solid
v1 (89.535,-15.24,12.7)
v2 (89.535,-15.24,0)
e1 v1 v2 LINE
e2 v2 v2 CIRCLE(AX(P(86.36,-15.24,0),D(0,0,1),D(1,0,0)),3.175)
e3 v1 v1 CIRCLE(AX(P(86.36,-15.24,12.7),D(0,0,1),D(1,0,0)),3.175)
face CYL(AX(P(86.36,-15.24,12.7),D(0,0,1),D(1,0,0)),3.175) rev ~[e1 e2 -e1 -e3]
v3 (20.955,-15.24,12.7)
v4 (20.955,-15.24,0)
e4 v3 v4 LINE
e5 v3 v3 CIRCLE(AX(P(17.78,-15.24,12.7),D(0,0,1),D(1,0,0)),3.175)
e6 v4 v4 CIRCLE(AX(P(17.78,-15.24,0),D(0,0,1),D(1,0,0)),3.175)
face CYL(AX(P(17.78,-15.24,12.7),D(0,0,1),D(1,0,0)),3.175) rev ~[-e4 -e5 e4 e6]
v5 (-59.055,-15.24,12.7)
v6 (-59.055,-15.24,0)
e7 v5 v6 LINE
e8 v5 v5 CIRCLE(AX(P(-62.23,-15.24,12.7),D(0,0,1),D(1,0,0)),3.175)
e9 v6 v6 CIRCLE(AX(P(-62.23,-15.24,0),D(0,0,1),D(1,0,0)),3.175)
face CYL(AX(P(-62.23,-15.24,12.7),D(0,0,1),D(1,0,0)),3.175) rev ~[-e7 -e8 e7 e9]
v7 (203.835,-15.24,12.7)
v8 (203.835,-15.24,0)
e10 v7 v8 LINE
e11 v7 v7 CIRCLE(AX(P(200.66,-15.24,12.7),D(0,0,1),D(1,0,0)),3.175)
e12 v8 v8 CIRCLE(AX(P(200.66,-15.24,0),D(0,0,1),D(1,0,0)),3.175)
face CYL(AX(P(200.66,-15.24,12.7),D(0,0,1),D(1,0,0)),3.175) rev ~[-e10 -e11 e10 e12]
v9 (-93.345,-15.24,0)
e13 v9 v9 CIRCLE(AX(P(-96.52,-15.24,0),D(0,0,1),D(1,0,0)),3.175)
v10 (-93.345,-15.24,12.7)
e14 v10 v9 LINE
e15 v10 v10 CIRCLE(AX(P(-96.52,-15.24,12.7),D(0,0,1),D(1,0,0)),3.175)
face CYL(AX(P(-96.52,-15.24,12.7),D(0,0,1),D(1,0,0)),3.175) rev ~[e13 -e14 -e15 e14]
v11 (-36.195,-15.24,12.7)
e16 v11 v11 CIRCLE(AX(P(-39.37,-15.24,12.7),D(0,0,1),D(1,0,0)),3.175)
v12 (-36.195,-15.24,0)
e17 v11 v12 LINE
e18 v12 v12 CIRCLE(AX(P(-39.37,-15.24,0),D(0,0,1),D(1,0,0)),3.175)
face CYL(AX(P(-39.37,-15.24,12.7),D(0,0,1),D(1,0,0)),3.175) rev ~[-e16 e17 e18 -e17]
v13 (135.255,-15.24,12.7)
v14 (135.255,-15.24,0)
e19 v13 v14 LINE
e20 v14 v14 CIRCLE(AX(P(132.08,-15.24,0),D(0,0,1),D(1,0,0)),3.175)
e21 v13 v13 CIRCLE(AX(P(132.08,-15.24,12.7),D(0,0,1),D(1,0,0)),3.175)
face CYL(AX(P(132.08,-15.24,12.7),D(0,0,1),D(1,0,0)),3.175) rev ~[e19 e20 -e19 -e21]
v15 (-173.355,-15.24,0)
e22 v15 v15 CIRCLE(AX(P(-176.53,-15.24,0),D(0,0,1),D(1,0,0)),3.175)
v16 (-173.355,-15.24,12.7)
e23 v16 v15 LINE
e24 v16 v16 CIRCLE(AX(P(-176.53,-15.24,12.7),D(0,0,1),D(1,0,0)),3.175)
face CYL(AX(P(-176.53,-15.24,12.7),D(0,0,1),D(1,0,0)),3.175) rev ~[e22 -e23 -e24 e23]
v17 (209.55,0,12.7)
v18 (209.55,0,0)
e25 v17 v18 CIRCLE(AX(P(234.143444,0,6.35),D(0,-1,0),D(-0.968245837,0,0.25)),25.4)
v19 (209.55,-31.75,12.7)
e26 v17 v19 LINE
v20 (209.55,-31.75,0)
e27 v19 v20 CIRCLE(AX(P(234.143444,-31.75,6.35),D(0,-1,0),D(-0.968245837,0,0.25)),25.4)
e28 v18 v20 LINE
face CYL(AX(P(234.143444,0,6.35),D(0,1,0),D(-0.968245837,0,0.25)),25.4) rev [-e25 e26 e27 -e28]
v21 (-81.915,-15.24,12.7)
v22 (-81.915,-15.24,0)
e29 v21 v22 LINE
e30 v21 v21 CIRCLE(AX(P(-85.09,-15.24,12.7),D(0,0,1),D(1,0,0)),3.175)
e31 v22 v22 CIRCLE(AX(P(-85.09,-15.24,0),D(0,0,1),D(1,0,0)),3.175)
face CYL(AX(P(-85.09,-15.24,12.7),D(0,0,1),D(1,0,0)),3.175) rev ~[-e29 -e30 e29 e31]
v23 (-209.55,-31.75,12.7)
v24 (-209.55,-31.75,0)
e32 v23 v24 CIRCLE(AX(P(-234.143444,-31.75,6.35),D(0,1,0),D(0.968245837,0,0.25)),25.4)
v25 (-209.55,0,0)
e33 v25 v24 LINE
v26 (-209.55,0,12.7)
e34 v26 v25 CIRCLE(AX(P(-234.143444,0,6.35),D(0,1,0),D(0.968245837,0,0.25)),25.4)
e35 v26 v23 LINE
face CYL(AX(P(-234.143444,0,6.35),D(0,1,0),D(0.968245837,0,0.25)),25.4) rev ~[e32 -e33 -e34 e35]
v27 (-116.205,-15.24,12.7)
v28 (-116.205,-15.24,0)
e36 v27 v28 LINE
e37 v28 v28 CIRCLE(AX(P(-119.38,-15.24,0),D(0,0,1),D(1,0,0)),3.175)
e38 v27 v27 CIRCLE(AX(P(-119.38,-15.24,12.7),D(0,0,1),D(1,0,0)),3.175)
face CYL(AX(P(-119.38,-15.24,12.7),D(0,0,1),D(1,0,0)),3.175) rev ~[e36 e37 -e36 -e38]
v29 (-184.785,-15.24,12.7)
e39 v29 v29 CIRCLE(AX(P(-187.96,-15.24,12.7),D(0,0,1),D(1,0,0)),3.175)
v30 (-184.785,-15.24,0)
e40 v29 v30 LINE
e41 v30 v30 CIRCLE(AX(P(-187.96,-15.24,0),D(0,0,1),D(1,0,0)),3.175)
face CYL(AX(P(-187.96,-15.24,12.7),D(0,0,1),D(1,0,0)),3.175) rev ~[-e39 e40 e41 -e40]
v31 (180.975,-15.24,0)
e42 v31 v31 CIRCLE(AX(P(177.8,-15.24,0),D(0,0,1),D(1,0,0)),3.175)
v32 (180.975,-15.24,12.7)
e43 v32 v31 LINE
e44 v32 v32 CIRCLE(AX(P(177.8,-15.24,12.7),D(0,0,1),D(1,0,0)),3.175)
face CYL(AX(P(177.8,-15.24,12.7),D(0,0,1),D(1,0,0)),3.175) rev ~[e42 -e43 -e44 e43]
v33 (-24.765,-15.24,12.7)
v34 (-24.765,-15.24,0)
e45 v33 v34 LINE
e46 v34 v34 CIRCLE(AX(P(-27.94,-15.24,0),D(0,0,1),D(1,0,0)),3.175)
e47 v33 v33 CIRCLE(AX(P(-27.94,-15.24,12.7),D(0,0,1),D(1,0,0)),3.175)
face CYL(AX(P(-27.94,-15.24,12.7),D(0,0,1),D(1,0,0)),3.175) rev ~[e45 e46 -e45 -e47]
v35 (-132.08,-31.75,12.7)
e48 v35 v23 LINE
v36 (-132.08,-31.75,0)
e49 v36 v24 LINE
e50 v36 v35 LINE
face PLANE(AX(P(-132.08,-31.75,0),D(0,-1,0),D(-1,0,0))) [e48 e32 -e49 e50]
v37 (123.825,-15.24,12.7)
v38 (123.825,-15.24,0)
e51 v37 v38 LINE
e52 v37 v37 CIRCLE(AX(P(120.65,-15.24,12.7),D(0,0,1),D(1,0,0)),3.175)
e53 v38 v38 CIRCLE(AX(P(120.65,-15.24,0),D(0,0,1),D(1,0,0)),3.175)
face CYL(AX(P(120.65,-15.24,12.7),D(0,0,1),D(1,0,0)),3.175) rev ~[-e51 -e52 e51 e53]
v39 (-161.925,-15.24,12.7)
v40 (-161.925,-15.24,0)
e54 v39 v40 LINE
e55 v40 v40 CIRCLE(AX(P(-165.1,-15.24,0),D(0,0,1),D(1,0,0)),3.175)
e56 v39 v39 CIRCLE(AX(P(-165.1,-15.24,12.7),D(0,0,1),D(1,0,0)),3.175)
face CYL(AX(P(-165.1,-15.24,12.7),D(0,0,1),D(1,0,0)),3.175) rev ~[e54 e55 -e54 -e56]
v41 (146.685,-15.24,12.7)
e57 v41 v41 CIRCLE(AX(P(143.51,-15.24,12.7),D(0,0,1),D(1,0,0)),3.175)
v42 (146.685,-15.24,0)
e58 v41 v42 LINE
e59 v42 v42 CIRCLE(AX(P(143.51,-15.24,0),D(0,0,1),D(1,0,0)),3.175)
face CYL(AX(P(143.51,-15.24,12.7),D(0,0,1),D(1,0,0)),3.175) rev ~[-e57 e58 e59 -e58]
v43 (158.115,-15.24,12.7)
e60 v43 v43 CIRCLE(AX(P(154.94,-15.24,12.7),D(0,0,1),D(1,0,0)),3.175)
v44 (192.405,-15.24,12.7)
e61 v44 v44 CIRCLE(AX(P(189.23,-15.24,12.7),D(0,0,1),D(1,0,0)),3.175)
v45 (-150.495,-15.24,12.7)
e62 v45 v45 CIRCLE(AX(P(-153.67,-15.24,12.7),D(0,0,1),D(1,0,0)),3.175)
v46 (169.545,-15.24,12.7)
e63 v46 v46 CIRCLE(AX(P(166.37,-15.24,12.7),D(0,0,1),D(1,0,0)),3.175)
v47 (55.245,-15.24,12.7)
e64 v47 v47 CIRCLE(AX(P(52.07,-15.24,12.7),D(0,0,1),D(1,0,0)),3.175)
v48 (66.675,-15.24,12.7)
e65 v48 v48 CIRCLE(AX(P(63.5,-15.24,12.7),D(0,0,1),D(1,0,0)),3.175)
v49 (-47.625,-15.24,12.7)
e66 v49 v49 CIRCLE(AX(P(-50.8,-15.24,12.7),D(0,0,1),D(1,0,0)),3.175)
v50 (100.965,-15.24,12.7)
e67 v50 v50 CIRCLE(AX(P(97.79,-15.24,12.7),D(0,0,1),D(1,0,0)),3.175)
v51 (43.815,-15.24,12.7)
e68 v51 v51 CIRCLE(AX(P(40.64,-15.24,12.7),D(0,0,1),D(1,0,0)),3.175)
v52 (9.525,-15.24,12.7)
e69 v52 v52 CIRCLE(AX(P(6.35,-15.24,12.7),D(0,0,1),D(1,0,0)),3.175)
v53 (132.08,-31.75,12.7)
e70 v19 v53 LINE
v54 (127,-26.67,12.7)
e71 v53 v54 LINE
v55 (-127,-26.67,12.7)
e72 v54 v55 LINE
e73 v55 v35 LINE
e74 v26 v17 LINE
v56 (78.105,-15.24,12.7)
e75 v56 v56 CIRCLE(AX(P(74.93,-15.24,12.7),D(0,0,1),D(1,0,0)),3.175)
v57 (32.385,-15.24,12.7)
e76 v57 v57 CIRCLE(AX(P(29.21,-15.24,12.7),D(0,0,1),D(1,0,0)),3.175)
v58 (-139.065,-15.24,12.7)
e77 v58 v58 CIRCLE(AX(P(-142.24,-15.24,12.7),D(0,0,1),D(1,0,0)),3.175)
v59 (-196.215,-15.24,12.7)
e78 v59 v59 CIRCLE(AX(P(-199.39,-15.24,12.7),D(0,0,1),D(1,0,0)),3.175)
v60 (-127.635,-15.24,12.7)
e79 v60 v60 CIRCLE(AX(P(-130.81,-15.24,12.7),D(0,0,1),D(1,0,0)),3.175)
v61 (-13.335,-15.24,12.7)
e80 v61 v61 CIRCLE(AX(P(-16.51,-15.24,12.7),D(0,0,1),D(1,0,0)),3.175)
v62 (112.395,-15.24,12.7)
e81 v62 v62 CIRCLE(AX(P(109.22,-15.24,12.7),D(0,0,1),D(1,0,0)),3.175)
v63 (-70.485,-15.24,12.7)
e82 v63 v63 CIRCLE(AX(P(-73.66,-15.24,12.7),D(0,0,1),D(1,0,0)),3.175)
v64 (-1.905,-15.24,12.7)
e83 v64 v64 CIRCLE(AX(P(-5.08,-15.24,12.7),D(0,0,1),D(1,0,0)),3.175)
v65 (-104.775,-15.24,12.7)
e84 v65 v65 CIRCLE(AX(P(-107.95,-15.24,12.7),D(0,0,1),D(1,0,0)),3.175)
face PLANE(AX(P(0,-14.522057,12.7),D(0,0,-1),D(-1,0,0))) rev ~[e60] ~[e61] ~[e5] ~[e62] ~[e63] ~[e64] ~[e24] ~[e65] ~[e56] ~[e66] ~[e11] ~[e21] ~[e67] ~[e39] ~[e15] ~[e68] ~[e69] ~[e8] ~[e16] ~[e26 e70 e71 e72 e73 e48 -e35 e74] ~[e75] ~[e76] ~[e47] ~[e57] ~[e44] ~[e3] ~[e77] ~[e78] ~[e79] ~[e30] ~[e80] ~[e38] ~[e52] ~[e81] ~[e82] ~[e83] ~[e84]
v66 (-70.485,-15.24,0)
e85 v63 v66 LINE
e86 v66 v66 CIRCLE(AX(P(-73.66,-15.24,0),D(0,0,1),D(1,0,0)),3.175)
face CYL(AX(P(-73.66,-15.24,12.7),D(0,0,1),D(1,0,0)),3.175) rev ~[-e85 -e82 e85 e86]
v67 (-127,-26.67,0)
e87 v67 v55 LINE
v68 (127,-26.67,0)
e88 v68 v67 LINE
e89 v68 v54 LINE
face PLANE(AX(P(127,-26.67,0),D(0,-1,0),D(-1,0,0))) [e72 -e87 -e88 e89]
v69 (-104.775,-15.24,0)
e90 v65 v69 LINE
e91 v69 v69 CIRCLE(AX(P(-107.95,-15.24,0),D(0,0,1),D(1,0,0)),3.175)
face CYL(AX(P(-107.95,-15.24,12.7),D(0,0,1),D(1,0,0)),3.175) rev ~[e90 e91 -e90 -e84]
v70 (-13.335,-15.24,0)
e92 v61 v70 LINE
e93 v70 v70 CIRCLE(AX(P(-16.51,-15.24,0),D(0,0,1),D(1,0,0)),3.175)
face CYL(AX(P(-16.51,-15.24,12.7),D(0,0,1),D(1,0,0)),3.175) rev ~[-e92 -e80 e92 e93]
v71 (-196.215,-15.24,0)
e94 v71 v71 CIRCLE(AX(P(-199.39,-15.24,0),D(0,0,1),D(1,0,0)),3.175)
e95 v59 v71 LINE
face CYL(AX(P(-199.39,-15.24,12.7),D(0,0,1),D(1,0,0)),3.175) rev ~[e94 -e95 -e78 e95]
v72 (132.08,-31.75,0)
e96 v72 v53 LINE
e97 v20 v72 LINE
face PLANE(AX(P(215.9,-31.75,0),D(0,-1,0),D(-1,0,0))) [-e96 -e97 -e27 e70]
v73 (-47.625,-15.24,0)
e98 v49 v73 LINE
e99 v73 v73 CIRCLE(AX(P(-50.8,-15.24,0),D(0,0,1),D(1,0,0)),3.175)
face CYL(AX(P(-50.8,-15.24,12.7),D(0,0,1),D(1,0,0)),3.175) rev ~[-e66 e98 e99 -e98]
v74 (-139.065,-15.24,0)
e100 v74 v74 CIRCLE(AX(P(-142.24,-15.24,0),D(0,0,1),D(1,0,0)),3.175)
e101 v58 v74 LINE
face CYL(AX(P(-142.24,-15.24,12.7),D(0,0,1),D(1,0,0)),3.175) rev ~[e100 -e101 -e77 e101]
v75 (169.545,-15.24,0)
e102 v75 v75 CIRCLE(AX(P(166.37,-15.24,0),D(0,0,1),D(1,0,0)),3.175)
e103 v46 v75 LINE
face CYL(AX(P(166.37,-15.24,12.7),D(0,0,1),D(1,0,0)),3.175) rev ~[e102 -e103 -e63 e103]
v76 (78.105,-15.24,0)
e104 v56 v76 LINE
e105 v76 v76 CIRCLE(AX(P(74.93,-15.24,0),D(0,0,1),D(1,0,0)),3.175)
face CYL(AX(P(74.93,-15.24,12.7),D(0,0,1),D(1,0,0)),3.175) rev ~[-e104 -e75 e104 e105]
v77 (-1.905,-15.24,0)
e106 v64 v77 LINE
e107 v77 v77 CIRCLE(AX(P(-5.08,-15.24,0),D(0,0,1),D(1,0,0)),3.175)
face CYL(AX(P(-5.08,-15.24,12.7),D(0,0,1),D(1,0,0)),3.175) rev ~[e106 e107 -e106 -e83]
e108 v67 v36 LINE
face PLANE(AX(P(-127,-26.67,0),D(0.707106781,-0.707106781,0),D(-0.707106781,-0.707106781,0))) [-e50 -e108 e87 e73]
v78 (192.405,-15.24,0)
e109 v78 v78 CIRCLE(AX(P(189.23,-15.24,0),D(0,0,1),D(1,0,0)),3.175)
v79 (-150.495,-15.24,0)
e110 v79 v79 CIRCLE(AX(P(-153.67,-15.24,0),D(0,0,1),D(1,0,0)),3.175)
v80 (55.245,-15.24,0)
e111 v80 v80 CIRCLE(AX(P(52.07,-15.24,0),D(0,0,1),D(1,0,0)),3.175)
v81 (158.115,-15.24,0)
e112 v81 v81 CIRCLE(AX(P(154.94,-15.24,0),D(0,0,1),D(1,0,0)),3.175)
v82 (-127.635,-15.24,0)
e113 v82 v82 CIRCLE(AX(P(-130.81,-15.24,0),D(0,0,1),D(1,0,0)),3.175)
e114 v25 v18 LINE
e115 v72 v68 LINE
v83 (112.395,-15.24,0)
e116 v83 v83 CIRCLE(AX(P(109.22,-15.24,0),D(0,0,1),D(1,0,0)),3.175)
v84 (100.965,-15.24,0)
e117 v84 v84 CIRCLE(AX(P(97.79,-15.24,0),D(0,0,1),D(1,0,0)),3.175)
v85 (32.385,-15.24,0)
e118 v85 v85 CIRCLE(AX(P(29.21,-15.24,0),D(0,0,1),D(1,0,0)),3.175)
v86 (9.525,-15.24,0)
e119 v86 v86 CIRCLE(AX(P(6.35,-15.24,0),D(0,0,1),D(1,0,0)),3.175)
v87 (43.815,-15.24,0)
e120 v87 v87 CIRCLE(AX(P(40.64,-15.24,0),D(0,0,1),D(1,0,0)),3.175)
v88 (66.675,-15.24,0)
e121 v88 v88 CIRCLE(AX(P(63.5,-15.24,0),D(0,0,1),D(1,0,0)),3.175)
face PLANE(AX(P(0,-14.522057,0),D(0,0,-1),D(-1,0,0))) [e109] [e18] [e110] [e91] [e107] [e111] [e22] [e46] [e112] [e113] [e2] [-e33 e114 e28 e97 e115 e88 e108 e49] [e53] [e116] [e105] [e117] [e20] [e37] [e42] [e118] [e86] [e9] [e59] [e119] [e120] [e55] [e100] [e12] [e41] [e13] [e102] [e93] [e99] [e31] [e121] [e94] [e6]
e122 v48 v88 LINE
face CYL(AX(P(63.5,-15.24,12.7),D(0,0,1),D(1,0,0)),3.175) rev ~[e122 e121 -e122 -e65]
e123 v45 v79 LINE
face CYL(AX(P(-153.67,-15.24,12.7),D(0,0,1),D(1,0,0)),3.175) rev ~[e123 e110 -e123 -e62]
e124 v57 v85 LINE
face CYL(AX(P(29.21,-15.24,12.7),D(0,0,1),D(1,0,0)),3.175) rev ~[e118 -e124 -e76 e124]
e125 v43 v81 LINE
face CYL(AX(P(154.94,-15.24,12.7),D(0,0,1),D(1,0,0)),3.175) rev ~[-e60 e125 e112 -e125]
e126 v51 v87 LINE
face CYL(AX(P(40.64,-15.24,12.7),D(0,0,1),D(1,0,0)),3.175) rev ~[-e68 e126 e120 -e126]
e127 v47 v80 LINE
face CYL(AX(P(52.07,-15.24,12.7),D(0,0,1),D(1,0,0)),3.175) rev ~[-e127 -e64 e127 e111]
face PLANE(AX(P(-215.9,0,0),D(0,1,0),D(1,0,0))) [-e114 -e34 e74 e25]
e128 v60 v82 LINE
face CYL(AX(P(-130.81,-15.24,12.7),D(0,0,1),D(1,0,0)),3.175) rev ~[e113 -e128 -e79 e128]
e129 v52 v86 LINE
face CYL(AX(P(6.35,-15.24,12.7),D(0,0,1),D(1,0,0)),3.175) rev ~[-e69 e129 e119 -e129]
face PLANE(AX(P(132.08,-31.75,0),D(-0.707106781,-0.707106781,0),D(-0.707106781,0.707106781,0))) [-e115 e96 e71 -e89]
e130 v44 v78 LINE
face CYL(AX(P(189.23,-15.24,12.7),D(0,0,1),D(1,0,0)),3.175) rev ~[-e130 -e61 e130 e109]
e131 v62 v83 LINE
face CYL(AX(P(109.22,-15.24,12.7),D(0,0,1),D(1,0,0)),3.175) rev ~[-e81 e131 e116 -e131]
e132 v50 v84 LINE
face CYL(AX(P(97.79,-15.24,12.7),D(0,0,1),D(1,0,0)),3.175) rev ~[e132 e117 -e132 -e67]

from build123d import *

# Parameters (mm, degrees)
BOSS_EXTRUDE1_DEPTH = 12.7
CUT_EXTRUDE1_REACH  = 220.591
SKETCH3_R           = 3.175
CUT_EXTRUDE2_DEPTH  = 213.321819416


with BuildPart() as part:
    # Sketch1 → Boss-Extrude1 (new body)
    with BuildSketch(Plane.XY):
        Polygon((-215.9, 0), (215.9, 0), (215.9, -31.75), (132.08, -31.75), (127, -26.67), (-127, -26.67), (-132.08, -31.75), (-215.9, -31.75), align=None)
    extrude(amount=BOSS_EXTRUDE1_DEPTH)

    # Sketch2 → Cut-Extrude1 (cut, up to next)
    with BuildSketch(Plane(origin=(0, 0, 0), x_dir=(1, 0, 0), z_dir=(0, 1, 0)), mode=Mode.PRIVATE) as cut_extrude1_sk1:
        with BuildLine():
            Line((-209.55, 0), (-215.9, 0))
            Line((-215.9, 0), (-215.9, -12.7))
            Line((-215.9, -12.7), (-209.55, -12.7))
            ThreePointArc((-209.55, -12.7), (-208.743444248, -6.35), (-209.55, 0))
        make_face()
    cut_extrude1_tool1 = extrude(cut_extrude1_sk1.sketch, amount=-CUT_EXTRUDE1_REACH, mode=Mode.PRIVATE) & part.part
    cut_extrude1 = cut_extrude1_tool1.solids().sort_by_distance((-212.451105, 0, 6.35))[0]
    add(cut_extrude1, mode=Mode.SUBTRACT)

    # Mirror1: Cut-Extrude1 across plane
    add(cut_extrude1.mirror(Plane(origin=(0, 0, 0), x_dir=(0, 0, 1), z_dir=(1, 0, 0))), mode=Mode.SUBTRACT)

    # Sketch3 → Cut-Extrude2 (cut, through all)
    with BuildSketch(Plane.XY.offset(12.7)):
        with Locations((-199.39, -15.24)):
            Circle(SKETCH3_R)
        with Locations((-187.96, -15.24)):
            Circle(SKETCH3_R)
        with Locations((-176.53, -15.24)):
            Circle(SKETCH3_R)
        with Locations((-165.1, -15.24)):
            Circle(SKETCH3_R)
        with Locations((-153.67, -15.24)):
            Circle(SKETCH3_R)
        with Locations((-142.24, -15.24)):
            Circle(SKETCH3_R)
        with Locations((-130.81, -15.24)):
            Circle(SKETCH3_R)
        with Locations((-119.38, -15.24)):
            Circle(SKETCH3_R)
        with Locations((-107.95, -15.24)):
            Circle(SKETCH3_R)
        with Locations((-96.52, -15.24)):
            Circle(SKETCH3_R)
        with Locations((-85.09, -15.24)):
            Circle(SKETCH3_R)
        with Locations((-73.66, -15.24)):
            Circle(SKETCH3_R)
        with Locations((-62.23, -15.24)):
            Circle(SKETCH3_R)
        with Locations((-50.8, -15.24)):
            Circle(SKETCH3_R)
        with Locations((-39.37, -15.24)):
            Circle(SKETCH3_R)
        with Locations((-27.94, -15.24)):
            Circle(SKETCH3_R)
        with Locations((-16.51, -15.24)):
            Circle(SKETCH3_R)
        with Locations((-5.08, -15.24)):
            Circle(SKETCH3_R)
        with Locations((6.35, -15.24)):
            Circle(SKETCH3_R)
        with Locations((17.78, -15.24)):
            Circle(SKETCH3_R)
        with Locations((29.21, -15.24)):
            Circle(SKETCH3_R)
        with Locations((40.64, -15.24)):
            Circle(SKETCH3_R)
        with Locations((52.07, -15.24)):
            Circle(SKETCH3_R)
        with Locations((63.5, -15.24)):
            Circle(SKETCH3_R)
        with Locations((74.93, -15.24)):
            Circle(SKETCH3_R)
        with Locations((86.36, -15.24)):
            Circle(SKETCH3_R)
        with Locations((97.79, -15.24)):
            Circle(SKETCH3_R)
        with Locations((109.22, -15.24)):
            Circle(SKETCH3_R)
        with Locations((120.65, -15.24)):
            Circle(SKETCH3_R)
        with Locations((132.08, -15.24)):
            Circle(SKETCH3_R)
        with Locations((143.51, -15.24)):
            Circle(SKETCH3_R)
        with Locations((154.94, -15.24)):
            Circle(SKETCH3_R)
        with Locations((166.37, -15.24)):
            Circle(SKETCH3_R)
        with Locations((177.8, -15.24)):
            Circle(SKETCH3_R)
        with Locations((189.23, -15.24)):
            Circle(SKETCH3_R)
        with Locations((200.66, -15.24)):
            Circle(SKETCH3_R)
    extrude(amount=-CUT_EXTRUDE2_DEPTH, mode=Mode.SUBTRACT)


solid = part.part
